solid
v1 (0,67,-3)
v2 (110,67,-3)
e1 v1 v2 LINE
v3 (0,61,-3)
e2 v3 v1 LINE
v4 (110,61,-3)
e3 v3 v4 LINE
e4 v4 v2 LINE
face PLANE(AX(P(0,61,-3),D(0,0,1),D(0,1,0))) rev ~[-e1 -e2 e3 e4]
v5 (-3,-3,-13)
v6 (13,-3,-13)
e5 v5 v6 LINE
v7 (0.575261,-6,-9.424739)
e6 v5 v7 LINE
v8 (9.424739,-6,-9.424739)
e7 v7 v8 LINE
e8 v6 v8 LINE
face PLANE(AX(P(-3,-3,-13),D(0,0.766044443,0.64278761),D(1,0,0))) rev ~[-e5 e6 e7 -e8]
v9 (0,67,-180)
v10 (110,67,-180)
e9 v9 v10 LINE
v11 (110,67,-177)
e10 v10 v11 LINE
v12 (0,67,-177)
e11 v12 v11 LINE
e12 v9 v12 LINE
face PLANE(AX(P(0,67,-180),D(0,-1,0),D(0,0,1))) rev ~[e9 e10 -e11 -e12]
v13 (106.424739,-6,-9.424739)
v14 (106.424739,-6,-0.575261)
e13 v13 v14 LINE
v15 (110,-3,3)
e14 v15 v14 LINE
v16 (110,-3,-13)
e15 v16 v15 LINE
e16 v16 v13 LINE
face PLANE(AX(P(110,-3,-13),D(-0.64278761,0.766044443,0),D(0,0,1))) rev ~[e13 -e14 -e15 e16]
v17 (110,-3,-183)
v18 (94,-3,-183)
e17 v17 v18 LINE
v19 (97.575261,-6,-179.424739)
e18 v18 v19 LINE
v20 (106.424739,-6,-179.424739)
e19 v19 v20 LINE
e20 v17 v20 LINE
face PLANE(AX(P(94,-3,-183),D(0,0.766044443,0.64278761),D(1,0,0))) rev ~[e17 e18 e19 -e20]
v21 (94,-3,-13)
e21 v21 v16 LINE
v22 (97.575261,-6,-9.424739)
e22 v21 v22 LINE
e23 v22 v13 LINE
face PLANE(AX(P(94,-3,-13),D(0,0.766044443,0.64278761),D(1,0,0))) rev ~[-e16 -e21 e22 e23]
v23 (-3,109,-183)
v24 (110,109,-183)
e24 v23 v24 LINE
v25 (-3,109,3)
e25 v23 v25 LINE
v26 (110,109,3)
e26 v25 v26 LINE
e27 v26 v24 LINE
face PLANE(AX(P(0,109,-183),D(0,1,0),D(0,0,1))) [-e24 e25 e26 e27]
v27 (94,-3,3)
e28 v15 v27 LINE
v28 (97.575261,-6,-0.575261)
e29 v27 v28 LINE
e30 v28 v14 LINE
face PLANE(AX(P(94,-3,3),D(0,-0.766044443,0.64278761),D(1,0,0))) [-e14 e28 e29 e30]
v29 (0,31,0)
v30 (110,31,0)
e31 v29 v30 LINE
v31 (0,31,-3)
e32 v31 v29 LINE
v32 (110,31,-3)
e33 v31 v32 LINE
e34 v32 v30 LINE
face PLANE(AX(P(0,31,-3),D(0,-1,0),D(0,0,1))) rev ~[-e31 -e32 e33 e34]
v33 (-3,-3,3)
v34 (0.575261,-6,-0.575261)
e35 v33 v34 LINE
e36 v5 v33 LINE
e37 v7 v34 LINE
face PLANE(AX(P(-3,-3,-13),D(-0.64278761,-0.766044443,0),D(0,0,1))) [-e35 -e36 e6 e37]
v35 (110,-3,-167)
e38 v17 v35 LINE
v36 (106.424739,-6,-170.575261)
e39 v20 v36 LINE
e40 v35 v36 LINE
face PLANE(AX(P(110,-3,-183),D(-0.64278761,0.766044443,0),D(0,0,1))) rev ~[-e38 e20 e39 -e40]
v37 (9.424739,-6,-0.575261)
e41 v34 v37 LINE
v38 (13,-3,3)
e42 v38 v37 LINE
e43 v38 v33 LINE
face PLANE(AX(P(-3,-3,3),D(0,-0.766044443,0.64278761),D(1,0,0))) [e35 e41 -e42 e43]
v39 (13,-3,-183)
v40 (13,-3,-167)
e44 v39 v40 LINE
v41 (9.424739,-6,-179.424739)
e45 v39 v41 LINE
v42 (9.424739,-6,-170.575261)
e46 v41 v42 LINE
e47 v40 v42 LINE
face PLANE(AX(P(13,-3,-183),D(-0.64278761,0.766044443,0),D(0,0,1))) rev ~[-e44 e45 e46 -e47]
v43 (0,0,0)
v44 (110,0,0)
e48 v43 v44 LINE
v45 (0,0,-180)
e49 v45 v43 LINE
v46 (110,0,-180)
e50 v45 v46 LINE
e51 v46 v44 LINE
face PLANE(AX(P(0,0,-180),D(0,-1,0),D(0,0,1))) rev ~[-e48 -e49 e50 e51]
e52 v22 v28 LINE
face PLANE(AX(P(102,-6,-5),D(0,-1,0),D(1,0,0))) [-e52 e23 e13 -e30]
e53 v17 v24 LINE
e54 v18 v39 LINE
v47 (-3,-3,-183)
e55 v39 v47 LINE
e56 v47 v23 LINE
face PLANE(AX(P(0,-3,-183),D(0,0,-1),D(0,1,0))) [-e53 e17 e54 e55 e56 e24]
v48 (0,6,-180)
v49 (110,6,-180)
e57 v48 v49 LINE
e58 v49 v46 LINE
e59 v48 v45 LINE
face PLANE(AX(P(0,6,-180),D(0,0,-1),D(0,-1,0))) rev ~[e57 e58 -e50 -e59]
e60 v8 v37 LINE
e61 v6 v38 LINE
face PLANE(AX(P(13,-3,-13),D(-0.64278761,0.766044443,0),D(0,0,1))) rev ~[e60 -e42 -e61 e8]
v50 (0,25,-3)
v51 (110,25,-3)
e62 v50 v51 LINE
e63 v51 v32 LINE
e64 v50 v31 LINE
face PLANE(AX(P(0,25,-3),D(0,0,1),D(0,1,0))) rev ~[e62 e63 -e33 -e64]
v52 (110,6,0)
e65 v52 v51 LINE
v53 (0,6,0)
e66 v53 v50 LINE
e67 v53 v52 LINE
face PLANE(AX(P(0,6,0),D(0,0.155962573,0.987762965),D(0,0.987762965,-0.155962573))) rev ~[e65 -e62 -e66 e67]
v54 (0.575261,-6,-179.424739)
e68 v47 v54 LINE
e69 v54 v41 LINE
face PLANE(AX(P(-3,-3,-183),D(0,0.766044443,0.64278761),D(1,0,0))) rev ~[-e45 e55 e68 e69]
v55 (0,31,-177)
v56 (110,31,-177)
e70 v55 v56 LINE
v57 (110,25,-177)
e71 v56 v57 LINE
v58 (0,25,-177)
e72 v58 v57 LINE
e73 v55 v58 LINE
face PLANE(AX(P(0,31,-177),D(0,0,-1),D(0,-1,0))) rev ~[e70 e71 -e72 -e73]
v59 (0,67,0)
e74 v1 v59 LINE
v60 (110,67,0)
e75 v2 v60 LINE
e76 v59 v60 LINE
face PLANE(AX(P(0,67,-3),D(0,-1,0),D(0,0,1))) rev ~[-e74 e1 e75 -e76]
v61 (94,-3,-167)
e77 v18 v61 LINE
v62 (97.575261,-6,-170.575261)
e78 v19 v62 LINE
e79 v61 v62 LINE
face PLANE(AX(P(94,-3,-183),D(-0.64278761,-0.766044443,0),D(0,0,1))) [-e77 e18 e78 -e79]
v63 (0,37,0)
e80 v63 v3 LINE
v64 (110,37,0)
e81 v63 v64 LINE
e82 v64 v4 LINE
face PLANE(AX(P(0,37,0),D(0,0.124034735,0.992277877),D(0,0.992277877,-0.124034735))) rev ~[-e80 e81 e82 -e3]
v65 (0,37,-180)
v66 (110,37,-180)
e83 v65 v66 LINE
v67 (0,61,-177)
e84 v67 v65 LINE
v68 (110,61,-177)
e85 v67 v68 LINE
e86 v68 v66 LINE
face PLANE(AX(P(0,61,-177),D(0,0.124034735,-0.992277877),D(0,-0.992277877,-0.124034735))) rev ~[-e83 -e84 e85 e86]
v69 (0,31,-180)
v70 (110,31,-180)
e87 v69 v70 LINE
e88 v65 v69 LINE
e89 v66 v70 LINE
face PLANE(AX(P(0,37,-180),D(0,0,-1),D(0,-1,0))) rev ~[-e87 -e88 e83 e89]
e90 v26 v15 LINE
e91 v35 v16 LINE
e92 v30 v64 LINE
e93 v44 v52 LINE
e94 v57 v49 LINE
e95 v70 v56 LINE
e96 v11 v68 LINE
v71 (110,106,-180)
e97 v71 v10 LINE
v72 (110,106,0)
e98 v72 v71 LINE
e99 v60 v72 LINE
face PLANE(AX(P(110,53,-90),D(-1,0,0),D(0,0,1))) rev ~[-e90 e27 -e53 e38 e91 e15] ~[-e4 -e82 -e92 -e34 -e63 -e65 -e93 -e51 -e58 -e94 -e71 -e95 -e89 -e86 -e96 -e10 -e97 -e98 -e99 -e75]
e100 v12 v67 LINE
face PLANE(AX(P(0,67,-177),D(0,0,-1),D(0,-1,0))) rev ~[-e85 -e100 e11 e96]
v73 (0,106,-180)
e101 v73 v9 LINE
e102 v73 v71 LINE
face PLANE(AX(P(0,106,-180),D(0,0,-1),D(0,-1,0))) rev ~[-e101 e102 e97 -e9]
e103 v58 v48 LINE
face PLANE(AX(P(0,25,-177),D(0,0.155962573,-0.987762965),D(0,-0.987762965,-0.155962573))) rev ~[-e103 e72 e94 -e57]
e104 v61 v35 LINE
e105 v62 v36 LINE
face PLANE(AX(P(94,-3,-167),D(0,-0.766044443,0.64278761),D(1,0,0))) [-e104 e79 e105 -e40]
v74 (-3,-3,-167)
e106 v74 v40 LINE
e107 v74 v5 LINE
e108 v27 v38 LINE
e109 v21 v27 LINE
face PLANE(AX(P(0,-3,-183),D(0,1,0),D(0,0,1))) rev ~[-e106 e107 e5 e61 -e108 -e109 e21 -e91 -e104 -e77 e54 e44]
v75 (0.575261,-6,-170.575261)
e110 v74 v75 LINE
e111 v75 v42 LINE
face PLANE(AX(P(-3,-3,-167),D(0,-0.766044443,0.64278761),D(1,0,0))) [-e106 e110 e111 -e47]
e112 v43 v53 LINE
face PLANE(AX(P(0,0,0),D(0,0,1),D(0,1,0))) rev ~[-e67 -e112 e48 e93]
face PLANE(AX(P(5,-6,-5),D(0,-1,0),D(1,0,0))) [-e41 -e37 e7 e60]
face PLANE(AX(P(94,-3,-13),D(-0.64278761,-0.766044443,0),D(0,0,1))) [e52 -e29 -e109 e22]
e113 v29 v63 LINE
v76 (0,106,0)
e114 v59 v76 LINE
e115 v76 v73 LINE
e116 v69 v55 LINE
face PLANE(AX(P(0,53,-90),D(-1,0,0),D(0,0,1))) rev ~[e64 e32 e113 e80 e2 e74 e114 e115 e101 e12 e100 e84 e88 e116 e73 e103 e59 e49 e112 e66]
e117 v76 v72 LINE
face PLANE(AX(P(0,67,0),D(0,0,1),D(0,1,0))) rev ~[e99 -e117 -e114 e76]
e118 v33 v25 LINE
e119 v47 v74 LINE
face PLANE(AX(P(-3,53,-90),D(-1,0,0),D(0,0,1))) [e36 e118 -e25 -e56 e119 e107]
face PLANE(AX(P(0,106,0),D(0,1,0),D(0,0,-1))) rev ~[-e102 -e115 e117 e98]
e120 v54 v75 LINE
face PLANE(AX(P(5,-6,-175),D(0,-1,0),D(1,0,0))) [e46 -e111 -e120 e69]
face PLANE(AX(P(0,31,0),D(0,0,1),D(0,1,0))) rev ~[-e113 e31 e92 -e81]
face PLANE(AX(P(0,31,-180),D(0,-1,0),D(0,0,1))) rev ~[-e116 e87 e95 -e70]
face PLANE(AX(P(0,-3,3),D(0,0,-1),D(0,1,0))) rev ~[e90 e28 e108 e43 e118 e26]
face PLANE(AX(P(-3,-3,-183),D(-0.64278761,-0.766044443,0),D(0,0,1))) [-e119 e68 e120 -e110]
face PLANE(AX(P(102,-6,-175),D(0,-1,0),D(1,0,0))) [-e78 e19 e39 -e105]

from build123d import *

# Parameters (mm, degrees)
BOSS_EXTRUDE1_DEPTH           = 110
SKETCH2_W                     = 186
SKETCH2_H                     = 112
BOSS_EXTRUDE2_DEPTH           = 3
SKETCH3_W                     = 16
SKETCH3_H                     = 16
BOSS_EXTRUDE3_DEPTH           = 3
BOSS_EXTRUDE3_DRAFT           = 50
BOSS_EXTRUDE3_PROFILE_2_DEPTH = 3
BOSS_EXTRUDE3_PROFILE_2_DRAFT = 50
BOSS_EXTRUDE3_PROFILE_3_DEPTH = 3
BOSS_EXTRUDE3_PROFILE_3_DRAFT = 50
BOSS_EXTRUDE3_PROFILE_4_DEPTH = 3
BOSS_EXTRUDE3_PROFILE_4_DRAFT = 50


with BuildPart() as part:
    # Sketch1 → Boss-Extrude1 (new body)
    with BuildSketch(Plane(origin=(0, 0, 0), x_dir=(0, 0, -1), z_dir=(1, 0, 0))):
        Polygon((-3, 0), (-3, 106), (-3, 109), (183, 109), (183, 106), (183, 0), (183, -3), (-3, -3), align=None)
        Polygon((0, 0), (0, 6), (3, 25), (3, 31), (0, 31), (0, 37), (3, 61), (3, 67), (0, 67), (0, 106), (180, 106), (180, 67), (177, 67), (177, 61), (180, 37), (180, 31), (177, 31), (177, 25), (180, 6), (180, 0), align=None, mode=Mode.SUBTRACT)
    extrude(amount=BOSS_EXTRUDE1_DEPTH)

    # Sketch2 → Boss-Extrude2 (add)
    with BuildSketch(Plane.ZY):
        with Locations((-90, 53)):
            Rectangle(SKETCH2_W, SKETCH2_H)
    extrude(amount=BOSS_EXTRUDE2_DEPTH)


with BuildPart() as boss_extrude3_tool:
    # Sketch3 → Boss-Extrude3 (with draft: the straight prism first)
    with BuildSketch(Plane.XZ.offset(3)):
        with Locations((5, -5)):
            Rectangle(SKETCH3_W, SKETCH3_H)
    extrude(amount=BOSS_EXTRUDE3_DEPTH)
    # Boss-Extrude3: the draft: its side faces are tilted about the plane it starts from
    boss_extrude3_sides = [boss_extrude3_tool.faces().sort_by_distance(p)[0] for p in [
        (-3, -4.5, -5),
        (5, -4.5, -13),
        (13, -4.5, -5),
        (5, -4.5, 3),
    ]]
    draft(boss_extrude3_sides, Plane.XZ.offset(3), BOSS_EXTRUDE3_DRAFT)


with BuildPart() as part_1:
    add(part.part)

    # Boss-Extrude3: add boss_extrude3_tool
    add(boss_extrude3_tool.part)


with BuildPart() as boss_extrude3_profile_2_tool:
    # Sketch3 → Boss-Extrude3 profile 2 (with draft: the straight prism first)
    with BuildSketch(Plane.XZ.offset(3)):
        with Locations((102, -5)):
            Rectangle(SKETCH3_W, SKETCH3_H)
    extrude(amount=BOSS_EXTRUDE3_PROFILE_2_DEPTH)
    # Boss-Extrude3 profile 2: the draft: its side faces are tilted about the plane it starts from
    boss_extrude3_profile_2_sides = [boss_extrude3_profile_2_tool.faces().sort_by_distance(p)[0] for p in [
        (102, -4.5, 3),
        (94, -4.5, -5),
        (102, -4.5, -13),
        (110, -4.5, -5),
    ]]
    draft(boss_extrude3_profile_2_sides, Plane.XZ.offset(3), BOSS_EXTRUDE3_PROFILE_2_DRAFT)


with BuildPart() as part_2:
    add(part_1.part)

    # Boss-Extrude3 profile 2: add boss_extrude3_profile_2_tool
    add(boss_extrude3_profile_2_tool.part)


with BuildPart() as boss_extrude3_profile_3_tool:
    # Sketch3 → Boss-Extrude3 profile 3 (with draft: the straight prism first)
    with BuildSketch(Plane.XZ.offset(3)):
        with Locations((102, -175)):
            Rectangle(SKETCH3_W, SKETCH3_H)
    extrude(amount=BOSS_EXTRUDE3_PROFILE_3_DEPTH)
    # Boss-Extrude3 profile 3: the draft: its side faces are tilted about the plane it starts from
    boss_extrude3_profile_3_sides = [boss_extrude3_profile_3_tool.faces().sort_by_distance(p)[0] for p in [
        (110, -4.5, -175),
        (102, -4.5, -167),
        (94, -4.5, -175),
        (102, -4.5, -183),
    ]]
    draft(boss_extrude3_profile_3_sides, Plane.XZ.offset(3), BOSS_EXTRUDE3_PROFILE_3_DRAFT)


with BuildPart() as part_3:
    add(part_2.part)

    # Boss-Extrude3 profile 3: add boss_extrude3_profile_3_tool
    add(boss_extrude3_profile_3_tool.part)


with BuildPart() as boss_extrude3_profile_4_tool:
    # Sketch3 → Boss-Extrude3 profile 4 (with draft: the straight prism first)
    with BuildSketch(Plane.XZ.offset(3)):
        with Locations((5, -175)):
            Rectangle(SKETCH3_W, SKETCH3_H)
    extrude(amount=BOSS_EXTRUDE3_PROFILE_4_DEPTH)
    # Boss-Extrude3 profile 4: the draft: its side faces are tilted about the plane it starts from
    boss_extrude3_profile_4_sides = [boss_extrude3_profile_4_tool.faces().sort_by_distance(p)[0] for p in [
        (5, -4.5, -183),
        (13, -4.5, -175),
        (5, -4.5, -167),
        (-3, -4.5, -175),
    ]]
    draft(boss_extrude3_profile_4_sides, Plane.XZ.offset(3), BOSS_EXTRUDE3_PROFILE_4_DRAFT)


with BuildPart() as part_4:
    add(part_3.part)

    # Boss-Extrude3 profile 4: add boss_extrude3_profile_4_tool
    add(boss_extrude3_profile_4_tool.part)


solid = part_4.part
